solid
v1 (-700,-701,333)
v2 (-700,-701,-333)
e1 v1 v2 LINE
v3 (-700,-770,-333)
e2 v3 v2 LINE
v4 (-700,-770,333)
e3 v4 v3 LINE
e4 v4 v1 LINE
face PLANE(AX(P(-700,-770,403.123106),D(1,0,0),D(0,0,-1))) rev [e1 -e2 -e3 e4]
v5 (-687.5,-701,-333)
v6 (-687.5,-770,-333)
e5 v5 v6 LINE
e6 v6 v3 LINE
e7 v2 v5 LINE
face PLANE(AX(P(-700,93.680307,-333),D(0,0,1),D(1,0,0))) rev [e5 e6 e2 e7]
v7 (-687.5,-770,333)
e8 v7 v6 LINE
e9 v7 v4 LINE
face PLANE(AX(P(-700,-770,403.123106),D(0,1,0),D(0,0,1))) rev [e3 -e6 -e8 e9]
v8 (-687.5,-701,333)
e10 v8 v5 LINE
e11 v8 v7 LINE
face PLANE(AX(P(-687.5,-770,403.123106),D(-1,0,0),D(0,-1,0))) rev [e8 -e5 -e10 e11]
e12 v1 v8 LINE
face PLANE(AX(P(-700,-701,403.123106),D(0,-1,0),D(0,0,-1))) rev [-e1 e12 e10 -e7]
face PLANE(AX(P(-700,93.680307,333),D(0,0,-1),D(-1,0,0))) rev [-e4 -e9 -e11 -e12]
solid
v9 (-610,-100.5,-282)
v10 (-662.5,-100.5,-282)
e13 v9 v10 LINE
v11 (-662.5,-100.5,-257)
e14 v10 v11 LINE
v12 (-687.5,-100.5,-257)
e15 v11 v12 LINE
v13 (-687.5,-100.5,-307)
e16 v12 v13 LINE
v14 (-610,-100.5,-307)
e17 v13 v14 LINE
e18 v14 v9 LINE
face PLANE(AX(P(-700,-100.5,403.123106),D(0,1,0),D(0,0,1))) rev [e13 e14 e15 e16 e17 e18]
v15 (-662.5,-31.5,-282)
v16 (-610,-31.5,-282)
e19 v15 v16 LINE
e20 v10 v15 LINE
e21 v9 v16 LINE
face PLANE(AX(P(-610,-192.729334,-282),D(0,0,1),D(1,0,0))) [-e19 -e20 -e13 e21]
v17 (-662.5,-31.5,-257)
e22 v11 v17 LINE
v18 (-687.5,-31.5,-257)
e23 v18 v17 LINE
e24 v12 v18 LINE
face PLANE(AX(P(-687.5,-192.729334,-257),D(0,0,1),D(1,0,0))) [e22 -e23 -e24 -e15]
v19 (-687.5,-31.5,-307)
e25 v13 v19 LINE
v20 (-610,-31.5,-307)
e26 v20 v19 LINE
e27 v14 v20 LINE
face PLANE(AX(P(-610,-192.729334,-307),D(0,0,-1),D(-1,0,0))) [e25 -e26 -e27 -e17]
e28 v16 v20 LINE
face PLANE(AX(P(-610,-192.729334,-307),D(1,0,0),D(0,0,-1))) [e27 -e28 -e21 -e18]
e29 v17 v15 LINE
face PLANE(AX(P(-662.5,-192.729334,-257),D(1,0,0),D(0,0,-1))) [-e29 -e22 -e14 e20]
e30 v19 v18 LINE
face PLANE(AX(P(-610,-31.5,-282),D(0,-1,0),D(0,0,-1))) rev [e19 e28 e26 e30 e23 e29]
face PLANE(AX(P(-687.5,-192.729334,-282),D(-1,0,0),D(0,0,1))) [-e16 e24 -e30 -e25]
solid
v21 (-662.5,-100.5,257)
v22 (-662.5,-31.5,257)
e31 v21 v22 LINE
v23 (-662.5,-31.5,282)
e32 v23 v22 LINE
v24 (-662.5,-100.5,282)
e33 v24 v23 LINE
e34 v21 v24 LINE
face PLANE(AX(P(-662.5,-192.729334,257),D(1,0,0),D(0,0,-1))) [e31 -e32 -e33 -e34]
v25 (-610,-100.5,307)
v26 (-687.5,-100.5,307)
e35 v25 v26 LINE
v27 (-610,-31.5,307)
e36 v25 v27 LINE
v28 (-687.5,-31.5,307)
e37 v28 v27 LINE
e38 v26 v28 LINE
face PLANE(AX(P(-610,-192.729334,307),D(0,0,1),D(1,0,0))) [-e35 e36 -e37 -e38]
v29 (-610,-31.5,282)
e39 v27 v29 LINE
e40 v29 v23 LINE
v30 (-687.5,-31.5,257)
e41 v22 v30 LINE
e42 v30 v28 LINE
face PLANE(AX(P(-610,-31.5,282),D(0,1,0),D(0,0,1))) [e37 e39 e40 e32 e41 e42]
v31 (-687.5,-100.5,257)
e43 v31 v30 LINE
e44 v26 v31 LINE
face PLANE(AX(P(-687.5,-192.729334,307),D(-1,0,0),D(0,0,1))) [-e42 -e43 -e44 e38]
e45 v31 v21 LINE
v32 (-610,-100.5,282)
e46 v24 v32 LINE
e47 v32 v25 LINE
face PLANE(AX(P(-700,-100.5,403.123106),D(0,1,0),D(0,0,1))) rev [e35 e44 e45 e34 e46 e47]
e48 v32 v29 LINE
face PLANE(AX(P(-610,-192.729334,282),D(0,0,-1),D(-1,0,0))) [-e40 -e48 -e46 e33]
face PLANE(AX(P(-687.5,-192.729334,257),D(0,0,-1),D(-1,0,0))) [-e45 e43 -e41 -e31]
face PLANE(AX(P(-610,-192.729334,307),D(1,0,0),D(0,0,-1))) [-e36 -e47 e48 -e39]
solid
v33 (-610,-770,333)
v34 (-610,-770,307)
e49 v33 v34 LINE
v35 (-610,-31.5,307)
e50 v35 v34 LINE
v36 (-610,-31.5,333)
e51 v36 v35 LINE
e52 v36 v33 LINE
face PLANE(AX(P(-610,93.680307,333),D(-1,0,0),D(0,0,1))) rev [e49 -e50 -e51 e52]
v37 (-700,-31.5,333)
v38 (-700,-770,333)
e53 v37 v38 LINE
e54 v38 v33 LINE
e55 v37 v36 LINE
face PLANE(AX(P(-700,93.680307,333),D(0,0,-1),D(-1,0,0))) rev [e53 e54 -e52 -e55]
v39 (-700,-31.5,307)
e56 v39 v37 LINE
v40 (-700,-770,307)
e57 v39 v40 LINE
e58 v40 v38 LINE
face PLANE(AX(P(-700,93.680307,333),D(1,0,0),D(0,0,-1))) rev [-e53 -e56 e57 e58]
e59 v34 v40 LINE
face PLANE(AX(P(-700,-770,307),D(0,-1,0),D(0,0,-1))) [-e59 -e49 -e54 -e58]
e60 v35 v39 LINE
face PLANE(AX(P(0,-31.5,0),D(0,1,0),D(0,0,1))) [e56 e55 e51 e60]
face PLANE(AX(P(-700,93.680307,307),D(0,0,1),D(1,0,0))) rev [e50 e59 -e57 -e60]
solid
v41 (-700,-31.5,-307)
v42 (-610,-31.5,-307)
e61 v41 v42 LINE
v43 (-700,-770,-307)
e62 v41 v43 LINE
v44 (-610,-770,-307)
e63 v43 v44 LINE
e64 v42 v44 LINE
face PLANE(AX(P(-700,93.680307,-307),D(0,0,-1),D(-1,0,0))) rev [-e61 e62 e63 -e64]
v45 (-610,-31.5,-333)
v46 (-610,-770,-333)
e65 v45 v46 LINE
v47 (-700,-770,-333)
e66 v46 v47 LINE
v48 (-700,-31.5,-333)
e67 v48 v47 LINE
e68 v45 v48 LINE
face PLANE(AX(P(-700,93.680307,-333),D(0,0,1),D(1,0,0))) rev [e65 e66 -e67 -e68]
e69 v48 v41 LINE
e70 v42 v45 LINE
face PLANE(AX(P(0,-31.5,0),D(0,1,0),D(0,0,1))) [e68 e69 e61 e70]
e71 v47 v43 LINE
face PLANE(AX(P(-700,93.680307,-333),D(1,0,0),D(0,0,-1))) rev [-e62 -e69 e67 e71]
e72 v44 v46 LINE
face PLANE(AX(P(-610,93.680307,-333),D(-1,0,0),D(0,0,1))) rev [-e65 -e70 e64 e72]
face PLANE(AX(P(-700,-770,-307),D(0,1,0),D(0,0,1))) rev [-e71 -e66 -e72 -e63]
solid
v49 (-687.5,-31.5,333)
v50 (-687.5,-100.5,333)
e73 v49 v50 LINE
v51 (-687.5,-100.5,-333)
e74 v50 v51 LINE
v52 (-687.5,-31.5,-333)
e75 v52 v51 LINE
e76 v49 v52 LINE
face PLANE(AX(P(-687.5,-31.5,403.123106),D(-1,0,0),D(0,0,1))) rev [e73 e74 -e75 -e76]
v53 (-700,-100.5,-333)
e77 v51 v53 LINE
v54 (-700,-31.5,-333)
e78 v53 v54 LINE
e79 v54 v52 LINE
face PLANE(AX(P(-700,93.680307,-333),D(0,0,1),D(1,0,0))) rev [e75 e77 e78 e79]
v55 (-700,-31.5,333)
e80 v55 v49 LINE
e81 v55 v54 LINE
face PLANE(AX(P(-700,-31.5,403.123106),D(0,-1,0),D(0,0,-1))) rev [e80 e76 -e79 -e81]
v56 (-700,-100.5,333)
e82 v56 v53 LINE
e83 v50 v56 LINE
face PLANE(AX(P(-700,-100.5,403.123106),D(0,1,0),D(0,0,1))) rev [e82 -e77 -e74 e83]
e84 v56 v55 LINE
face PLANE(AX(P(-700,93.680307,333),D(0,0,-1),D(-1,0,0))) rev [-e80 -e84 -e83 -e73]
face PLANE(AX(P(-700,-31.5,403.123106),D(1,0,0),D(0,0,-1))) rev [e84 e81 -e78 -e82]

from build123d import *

# Parameters (mm, degrees)
BOSS_EXTRUDE1_START   = 130
SKETCH3_W             = 90
SKETCH3_H             = 26
BOSS_EXTRUDE1_DEPTH   = 738.5
BOSS_EXTRUDE1_2_DEPTH = 738.5
BOSS_EXTRUDE2_START   = -333
SKETCH5_W             = 12.5
SKETCH5_H             = 69
BOSS_EXTRUDE2_DEPTH   = 666
BOSS_EXTRUDE2_2_DEPTH = 666
BOSS_EXTRUDE3_DEPTH   = 69
BOSS_EXTRUDE3_2_DEPTH = 69


with BuildPart() as part:
    # Sketch3 → Boss-Extrude1 (new body)
    with BuildSketch(Plane(origin=(0, -900, 0), x_dir=(-1, 0, 0), z_dir=(0, 1, 0)).offset(BOSS_EXTRUDE1_START)):
        with Locations((655, 320)):
            Rectangle(SKETCH3_W, SKETCH3_H)
    extrude(amount=BOSS_EXTRUDE1_DEPTH)


with BuildPart() as body_2:
    # Sketch3 → Boss-Extrude1 2 (new body)
    with BuildSketch(Plane(origin=(0, -900, 0), x_dir=(-1, 0, 0), z_dir=(0, 1, 0)).offset(BOSS_EXTRUDE1_START)):
        with Locations((655, -320)):
            Rectangle(SKETCH3_W, SKETCH3_H)
    extrude(amount=BOSS_EXTRUDE1_2_DEPTH)


with BuildPart() as body_3:
    # Sketch5 → Boss-Extrude2 (new body)
    with BuildSketch(Plane.XY.offset(BOSS_EXTRUDE2_START)):
        with Locations((-693.75, -66)):
            Rectangle(SKETCH5_W, SKETCH5_H)
    extrude(amount=BOSS_EXTRUDE2_DEPTH)


with BuildPart() as body_4:
    # Sketch5 → Boss-Extrude2 2 (new body)
    with BuildSketch(Plane.XY.offset(BOSS_EXTRUDE2_START)):
        with Locations((-693.75, -735.5)):
            Rectangle(SKETCH5_W, SKETCH5_H)
    extrude(amount=BOSS_EXTRUDE2_2_DEPTH)


with BuildPart() as body_5:
    # Sketch7 → Boss-Extrude3 (new body)
    with BuildSketch(Plane(origin=(0, -31.5, 0), x_dir=(1, 0, 0), z_dir=(0, 1, 0))):
        Polygon((-610, 307), (-687.5, 307), (-687.5, 282), (-687.5, 257), (-662.5, 257), (-662.5, 282), (-610, 282), align=None)
    extrude(amount=-BOSS_EXTRUDE3_DEPTH)


with BuildPart() as body_6:
    # Sketch7 → Boss-Extrude3 2 (new body)
    with BuildSketch(Plane(origin=(0, -31.5, 0), x_dir=(1, 0, 0), z_dir=(0, 1, 0))):
        Polygon((-610, -307), (-687.5, -307), (-687.5, -282), (-687.5, -257), (-662.5, -257), (-662.5, -282), (-610, -282), align=None)
    extrude(amount=-BOSS_EXTRUDE3_2_DEPTH)


solid = Compound([part.part, body_2.part, body_3.part, body_4.part, body_5.part, body_6.part])
